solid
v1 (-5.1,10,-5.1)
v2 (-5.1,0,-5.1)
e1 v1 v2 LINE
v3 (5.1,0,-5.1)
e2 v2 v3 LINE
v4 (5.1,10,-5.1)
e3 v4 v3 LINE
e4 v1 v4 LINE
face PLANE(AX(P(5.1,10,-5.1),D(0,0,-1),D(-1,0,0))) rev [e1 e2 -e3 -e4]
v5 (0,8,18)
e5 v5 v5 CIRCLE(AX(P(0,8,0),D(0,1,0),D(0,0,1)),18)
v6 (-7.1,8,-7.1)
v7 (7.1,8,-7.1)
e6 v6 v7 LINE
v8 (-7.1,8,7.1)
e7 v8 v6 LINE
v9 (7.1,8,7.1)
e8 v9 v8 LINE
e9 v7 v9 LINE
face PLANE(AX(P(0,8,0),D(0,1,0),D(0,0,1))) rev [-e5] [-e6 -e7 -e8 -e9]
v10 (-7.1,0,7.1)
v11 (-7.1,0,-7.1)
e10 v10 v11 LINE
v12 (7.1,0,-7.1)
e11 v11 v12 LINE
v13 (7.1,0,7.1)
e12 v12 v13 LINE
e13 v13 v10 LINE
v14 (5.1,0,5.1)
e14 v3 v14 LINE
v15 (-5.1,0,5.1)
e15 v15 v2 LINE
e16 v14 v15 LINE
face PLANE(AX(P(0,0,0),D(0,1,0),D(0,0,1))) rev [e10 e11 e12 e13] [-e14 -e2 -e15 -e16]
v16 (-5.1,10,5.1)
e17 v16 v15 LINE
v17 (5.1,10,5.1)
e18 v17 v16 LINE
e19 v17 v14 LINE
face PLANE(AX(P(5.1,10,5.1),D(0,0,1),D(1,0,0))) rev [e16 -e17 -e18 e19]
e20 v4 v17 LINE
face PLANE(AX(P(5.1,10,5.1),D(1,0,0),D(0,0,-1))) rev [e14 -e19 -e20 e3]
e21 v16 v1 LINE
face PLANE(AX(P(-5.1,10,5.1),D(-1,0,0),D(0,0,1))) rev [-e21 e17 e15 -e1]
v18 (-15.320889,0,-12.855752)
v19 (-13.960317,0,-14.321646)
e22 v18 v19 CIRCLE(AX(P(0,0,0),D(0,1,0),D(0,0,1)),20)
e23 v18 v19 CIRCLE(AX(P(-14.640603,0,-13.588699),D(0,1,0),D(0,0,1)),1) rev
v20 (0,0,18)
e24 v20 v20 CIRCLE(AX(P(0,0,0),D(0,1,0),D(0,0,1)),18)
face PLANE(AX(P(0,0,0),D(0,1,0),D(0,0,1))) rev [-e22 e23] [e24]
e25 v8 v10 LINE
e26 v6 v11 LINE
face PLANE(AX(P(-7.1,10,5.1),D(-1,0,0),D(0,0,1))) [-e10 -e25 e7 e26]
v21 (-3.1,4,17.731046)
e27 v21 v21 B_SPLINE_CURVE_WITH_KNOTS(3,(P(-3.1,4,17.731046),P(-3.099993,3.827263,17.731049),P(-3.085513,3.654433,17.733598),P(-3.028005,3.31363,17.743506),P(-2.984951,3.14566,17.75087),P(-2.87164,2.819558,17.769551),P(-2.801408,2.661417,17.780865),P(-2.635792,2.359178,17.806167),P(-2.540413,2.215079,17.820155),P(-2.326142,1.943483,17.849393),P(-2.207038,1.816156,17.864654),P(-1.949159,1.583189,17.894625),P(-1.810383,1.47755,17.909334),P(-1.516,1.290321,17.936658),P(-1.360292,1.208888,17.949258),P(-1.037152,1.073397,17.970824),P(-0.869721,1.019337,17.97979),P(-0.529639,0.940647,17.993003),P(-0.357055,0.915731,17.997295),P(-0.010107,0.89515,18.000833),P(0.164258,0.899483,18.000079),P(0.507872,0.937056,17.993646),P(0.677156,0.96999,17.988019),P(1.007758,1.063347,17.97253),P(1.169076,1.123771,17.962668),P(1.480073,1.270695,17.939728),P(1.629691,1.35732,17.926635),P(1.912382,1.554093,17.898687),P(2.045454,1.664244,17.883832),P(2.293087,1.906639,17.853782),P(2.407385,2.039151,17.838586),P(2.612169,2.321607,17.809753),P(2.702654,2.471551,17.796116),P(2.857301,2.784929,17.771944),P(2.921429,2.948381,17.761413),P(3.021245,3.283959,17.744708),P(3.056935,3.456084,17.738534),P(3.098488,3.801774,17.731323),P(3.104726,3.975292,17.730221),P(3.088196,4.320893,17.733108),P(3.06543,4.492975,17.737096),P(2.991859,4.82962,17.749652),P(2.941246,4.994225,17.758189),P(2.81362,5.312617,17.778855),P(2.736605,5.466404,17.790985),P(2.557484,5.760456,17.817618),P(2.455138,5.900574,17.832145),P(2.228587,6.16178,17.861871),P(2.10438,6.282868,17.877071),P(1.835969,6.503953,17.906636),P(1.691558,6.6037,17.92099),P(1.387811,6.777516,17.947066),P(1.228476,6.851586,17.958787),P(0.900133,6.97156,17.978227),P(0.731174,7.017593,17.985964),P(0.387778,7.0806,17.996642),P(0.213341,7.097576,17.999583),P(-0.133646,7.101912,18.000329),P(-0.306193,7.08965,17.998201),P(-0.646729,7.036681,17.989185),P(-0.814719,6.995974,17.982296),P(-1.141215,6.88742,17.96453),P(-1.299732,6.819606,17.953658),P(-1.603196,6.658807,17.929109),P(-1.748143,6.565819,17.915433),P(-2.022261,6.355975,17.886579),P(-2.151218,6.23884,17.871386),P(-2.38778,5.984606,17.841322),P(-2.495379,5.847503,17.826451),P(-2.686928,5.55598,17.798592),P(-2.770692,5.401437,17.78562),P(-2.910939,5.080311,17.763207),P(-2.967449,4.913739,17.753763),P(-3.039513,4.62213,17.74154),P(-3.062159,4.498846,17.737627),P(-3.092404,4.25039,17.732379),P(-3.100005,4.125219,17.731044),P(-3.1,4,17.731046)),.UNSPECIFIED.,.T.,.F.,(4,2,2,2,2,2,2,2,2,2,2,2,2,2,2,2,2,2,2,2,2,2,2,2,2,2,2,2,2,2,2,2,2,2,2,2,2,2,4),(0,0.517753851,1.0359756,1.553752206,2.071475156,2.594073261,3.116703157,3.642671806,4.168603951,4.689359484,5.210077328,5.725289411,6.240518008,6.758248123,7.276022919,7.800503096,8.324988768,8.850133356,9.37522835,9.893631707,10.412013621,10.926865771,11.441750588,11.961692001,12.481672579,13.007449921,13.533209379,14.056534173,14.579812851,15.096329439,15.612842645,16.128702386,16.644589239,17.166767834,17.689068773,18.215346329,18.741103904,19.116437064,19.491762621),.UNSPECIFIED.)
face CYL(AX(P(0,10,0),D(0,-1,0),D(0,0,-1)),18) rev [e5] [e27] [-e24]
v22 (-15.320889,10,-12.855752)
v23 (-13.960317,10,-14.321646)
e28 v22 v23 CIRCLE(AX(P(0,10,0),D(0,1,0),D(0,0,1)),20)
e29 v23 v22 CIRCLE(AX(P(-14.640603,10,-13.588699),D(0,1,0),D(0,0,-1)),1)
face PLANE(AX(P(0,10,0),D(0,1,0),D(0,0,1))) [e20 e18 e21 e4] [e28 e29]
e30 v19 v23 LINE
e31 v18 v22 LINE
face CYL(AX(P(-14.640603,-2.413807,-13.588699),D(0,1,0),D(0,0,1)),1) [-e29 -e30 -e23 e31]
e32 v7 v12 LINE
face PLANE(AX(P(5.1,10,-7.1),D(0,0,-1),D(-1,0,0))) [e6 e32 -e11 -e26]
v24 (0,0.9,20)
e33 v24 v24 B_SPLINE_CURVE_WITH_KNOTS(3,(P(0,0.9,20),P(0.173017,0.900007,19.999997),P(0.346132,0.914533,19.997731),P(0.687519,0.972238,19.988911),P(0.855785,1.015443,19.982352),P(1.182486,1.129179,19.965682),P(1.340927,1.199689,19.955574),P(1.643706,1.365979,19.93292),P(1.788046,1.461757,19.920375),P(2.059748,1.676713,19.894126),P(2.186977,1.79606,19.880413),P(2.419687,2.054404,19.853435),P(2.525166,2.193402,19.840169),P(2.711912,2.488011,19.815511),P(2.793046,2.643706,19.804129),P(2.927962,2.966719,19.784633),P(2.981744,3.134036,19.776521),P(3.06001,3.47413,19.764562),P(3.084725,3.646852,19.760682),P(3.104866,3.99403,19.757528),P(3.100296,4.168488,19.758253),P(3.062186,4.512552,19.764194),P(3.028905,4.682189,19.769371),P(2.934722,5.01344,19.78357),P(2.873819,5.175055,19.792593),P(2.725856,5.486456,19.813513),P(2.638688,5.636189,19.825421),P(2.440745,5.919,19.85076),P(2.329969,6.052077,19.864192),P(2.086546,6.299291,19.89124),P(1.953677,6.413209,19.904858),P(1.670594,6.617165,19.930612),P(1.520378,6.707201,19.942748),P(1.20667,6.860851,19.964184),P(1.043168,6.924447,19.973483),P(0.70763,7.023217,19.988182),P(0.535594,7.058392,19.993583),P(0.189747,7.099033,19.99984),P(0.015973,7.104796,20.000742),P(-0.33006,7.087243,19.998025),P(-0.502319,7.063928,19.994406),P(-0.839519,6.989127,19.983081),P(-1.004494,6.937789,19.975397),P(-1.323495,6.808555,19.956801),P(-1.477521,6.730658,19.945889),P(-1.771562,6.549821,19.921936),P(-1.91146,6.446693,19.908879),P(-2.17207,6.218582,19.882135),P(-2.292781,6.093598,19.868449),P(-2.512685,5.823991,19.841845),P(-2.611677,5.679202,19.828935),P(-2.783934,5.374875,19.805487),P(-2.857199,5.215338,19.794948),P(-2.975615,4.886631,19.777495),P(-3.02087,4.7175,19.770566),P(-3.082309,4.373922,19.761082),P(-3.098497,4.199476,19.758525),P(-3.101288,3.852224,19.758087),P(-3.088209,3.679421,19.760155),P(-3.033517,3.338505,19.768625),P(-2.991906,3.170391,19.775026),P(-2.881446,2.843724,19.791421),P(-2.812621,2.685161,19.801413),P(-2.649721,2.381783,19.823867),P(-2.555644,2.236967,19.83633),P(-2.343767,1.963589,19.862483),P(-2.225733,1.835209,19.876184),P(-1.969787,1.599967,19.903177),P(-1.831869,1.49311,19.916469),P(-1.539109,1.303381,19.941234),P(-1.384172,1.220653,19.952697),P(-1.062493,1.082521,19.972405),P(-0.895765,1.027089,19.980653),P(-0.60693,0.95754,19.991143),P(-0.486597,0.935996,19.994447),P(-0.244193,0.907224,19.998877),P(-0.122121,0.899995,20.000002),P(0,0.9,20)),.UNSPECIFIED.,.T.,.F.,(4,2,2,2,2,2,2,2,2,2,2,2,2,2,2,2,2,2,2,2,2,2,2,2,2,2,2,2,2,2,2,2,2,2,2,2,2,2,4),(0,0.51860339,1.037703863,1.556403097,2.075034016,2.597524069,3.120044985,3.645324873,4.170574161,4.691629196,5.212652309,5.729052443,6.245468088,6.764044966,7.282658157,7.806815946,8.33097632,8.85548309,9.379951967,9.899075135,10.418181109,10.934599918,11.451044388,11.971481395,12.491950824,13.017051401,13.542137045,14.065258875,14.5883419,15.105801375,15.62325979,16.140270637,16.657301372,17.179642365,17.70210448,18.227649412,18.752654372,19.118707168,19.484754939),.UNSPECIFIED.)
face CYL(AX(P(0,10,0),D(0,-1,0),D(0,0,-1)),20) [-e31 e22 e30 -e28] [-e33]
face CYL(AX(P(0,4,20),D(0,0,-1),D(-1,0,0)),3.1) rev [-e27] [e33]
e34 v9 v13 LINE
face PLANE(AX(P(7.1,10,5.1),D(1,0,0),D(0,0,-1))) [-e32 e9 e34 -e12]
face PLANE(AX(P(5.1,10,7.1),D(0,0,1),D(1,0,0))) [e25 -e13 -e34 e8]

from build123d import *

# Parameters (mm, degrees)
SKETCH1_R           = 20
BOSS_EXTRUDE1_DEPTH = 10
SKETCH2_W           = 10.2
SKETCH2_H           = 10.2
CUT_EXTRUDE2_DEPTH  = 11
SHELL3_T            = -2
SKETCH3_R           = 3.1
CUT_EXTRUDE3_DEPTH  = 13.9
BOSS_EXTRUDE2_DEPTH = 10


with BuildPart() as part:
    # Sketch1 → Boss-Extrude1 (new body)
    with BuildSketch(Plane(origin=(0, 0, 0), x_dir=(1, 0, 0), z_dir=(0, 1, 0))):
        Circle(SKETCH1_R)
    extrude(amount=BOSS_EXTRUDE1_DEPTH)

    # Sketch2 → Cut-Extrude2 (cut, through all)
    with BuildSketch(Plane.XZ):
        Rectangle(SKETCH2_W, SKETCH2_H)
    extrude(amount=-CUT_EXTRUDE2_DEPTH, mode=Mode.SUBTRACT)

    # Shell3
    shell3_openings = [part.faces().sort_by_distance(p)[0] for p in [
        (0, 0, 0),
    ]]
    offset(amount=SHELL3_T, openings=shell3_openings, kind=Kind.INTERSECTION)

    # Sketch3 → Cut-Extrude3 (cut, through all)
    with BuildSketch(Plane.XY.offset(7.1)):
        with Locations((0, 4)):
            Circle(SKETCH3_R)
    extrude(amount=CUT_EXTRUDE3_DEPTH, mode=Mode.SUBTRACT)

    # Sketch4 → Boss-Extrude2 (add)
    with BuildSketch(Plane(origin=(0, 10, 0), x_dir=(1, 0, 0), z_dir=(0, 1, 0))):
        with BuildLine():
            Line((-13.960317173, 14.321646009), (-15.320888862, 12.855752194))
            ThreePointArc((-15.320888862, 12.855752194), (-15.373549926, 14.268984946), (-13.960317173, 14.321646009))
        make_face()
    extrude(amount=-BOSS_EXTRUDE2_DEPTH)


solid = part.part
